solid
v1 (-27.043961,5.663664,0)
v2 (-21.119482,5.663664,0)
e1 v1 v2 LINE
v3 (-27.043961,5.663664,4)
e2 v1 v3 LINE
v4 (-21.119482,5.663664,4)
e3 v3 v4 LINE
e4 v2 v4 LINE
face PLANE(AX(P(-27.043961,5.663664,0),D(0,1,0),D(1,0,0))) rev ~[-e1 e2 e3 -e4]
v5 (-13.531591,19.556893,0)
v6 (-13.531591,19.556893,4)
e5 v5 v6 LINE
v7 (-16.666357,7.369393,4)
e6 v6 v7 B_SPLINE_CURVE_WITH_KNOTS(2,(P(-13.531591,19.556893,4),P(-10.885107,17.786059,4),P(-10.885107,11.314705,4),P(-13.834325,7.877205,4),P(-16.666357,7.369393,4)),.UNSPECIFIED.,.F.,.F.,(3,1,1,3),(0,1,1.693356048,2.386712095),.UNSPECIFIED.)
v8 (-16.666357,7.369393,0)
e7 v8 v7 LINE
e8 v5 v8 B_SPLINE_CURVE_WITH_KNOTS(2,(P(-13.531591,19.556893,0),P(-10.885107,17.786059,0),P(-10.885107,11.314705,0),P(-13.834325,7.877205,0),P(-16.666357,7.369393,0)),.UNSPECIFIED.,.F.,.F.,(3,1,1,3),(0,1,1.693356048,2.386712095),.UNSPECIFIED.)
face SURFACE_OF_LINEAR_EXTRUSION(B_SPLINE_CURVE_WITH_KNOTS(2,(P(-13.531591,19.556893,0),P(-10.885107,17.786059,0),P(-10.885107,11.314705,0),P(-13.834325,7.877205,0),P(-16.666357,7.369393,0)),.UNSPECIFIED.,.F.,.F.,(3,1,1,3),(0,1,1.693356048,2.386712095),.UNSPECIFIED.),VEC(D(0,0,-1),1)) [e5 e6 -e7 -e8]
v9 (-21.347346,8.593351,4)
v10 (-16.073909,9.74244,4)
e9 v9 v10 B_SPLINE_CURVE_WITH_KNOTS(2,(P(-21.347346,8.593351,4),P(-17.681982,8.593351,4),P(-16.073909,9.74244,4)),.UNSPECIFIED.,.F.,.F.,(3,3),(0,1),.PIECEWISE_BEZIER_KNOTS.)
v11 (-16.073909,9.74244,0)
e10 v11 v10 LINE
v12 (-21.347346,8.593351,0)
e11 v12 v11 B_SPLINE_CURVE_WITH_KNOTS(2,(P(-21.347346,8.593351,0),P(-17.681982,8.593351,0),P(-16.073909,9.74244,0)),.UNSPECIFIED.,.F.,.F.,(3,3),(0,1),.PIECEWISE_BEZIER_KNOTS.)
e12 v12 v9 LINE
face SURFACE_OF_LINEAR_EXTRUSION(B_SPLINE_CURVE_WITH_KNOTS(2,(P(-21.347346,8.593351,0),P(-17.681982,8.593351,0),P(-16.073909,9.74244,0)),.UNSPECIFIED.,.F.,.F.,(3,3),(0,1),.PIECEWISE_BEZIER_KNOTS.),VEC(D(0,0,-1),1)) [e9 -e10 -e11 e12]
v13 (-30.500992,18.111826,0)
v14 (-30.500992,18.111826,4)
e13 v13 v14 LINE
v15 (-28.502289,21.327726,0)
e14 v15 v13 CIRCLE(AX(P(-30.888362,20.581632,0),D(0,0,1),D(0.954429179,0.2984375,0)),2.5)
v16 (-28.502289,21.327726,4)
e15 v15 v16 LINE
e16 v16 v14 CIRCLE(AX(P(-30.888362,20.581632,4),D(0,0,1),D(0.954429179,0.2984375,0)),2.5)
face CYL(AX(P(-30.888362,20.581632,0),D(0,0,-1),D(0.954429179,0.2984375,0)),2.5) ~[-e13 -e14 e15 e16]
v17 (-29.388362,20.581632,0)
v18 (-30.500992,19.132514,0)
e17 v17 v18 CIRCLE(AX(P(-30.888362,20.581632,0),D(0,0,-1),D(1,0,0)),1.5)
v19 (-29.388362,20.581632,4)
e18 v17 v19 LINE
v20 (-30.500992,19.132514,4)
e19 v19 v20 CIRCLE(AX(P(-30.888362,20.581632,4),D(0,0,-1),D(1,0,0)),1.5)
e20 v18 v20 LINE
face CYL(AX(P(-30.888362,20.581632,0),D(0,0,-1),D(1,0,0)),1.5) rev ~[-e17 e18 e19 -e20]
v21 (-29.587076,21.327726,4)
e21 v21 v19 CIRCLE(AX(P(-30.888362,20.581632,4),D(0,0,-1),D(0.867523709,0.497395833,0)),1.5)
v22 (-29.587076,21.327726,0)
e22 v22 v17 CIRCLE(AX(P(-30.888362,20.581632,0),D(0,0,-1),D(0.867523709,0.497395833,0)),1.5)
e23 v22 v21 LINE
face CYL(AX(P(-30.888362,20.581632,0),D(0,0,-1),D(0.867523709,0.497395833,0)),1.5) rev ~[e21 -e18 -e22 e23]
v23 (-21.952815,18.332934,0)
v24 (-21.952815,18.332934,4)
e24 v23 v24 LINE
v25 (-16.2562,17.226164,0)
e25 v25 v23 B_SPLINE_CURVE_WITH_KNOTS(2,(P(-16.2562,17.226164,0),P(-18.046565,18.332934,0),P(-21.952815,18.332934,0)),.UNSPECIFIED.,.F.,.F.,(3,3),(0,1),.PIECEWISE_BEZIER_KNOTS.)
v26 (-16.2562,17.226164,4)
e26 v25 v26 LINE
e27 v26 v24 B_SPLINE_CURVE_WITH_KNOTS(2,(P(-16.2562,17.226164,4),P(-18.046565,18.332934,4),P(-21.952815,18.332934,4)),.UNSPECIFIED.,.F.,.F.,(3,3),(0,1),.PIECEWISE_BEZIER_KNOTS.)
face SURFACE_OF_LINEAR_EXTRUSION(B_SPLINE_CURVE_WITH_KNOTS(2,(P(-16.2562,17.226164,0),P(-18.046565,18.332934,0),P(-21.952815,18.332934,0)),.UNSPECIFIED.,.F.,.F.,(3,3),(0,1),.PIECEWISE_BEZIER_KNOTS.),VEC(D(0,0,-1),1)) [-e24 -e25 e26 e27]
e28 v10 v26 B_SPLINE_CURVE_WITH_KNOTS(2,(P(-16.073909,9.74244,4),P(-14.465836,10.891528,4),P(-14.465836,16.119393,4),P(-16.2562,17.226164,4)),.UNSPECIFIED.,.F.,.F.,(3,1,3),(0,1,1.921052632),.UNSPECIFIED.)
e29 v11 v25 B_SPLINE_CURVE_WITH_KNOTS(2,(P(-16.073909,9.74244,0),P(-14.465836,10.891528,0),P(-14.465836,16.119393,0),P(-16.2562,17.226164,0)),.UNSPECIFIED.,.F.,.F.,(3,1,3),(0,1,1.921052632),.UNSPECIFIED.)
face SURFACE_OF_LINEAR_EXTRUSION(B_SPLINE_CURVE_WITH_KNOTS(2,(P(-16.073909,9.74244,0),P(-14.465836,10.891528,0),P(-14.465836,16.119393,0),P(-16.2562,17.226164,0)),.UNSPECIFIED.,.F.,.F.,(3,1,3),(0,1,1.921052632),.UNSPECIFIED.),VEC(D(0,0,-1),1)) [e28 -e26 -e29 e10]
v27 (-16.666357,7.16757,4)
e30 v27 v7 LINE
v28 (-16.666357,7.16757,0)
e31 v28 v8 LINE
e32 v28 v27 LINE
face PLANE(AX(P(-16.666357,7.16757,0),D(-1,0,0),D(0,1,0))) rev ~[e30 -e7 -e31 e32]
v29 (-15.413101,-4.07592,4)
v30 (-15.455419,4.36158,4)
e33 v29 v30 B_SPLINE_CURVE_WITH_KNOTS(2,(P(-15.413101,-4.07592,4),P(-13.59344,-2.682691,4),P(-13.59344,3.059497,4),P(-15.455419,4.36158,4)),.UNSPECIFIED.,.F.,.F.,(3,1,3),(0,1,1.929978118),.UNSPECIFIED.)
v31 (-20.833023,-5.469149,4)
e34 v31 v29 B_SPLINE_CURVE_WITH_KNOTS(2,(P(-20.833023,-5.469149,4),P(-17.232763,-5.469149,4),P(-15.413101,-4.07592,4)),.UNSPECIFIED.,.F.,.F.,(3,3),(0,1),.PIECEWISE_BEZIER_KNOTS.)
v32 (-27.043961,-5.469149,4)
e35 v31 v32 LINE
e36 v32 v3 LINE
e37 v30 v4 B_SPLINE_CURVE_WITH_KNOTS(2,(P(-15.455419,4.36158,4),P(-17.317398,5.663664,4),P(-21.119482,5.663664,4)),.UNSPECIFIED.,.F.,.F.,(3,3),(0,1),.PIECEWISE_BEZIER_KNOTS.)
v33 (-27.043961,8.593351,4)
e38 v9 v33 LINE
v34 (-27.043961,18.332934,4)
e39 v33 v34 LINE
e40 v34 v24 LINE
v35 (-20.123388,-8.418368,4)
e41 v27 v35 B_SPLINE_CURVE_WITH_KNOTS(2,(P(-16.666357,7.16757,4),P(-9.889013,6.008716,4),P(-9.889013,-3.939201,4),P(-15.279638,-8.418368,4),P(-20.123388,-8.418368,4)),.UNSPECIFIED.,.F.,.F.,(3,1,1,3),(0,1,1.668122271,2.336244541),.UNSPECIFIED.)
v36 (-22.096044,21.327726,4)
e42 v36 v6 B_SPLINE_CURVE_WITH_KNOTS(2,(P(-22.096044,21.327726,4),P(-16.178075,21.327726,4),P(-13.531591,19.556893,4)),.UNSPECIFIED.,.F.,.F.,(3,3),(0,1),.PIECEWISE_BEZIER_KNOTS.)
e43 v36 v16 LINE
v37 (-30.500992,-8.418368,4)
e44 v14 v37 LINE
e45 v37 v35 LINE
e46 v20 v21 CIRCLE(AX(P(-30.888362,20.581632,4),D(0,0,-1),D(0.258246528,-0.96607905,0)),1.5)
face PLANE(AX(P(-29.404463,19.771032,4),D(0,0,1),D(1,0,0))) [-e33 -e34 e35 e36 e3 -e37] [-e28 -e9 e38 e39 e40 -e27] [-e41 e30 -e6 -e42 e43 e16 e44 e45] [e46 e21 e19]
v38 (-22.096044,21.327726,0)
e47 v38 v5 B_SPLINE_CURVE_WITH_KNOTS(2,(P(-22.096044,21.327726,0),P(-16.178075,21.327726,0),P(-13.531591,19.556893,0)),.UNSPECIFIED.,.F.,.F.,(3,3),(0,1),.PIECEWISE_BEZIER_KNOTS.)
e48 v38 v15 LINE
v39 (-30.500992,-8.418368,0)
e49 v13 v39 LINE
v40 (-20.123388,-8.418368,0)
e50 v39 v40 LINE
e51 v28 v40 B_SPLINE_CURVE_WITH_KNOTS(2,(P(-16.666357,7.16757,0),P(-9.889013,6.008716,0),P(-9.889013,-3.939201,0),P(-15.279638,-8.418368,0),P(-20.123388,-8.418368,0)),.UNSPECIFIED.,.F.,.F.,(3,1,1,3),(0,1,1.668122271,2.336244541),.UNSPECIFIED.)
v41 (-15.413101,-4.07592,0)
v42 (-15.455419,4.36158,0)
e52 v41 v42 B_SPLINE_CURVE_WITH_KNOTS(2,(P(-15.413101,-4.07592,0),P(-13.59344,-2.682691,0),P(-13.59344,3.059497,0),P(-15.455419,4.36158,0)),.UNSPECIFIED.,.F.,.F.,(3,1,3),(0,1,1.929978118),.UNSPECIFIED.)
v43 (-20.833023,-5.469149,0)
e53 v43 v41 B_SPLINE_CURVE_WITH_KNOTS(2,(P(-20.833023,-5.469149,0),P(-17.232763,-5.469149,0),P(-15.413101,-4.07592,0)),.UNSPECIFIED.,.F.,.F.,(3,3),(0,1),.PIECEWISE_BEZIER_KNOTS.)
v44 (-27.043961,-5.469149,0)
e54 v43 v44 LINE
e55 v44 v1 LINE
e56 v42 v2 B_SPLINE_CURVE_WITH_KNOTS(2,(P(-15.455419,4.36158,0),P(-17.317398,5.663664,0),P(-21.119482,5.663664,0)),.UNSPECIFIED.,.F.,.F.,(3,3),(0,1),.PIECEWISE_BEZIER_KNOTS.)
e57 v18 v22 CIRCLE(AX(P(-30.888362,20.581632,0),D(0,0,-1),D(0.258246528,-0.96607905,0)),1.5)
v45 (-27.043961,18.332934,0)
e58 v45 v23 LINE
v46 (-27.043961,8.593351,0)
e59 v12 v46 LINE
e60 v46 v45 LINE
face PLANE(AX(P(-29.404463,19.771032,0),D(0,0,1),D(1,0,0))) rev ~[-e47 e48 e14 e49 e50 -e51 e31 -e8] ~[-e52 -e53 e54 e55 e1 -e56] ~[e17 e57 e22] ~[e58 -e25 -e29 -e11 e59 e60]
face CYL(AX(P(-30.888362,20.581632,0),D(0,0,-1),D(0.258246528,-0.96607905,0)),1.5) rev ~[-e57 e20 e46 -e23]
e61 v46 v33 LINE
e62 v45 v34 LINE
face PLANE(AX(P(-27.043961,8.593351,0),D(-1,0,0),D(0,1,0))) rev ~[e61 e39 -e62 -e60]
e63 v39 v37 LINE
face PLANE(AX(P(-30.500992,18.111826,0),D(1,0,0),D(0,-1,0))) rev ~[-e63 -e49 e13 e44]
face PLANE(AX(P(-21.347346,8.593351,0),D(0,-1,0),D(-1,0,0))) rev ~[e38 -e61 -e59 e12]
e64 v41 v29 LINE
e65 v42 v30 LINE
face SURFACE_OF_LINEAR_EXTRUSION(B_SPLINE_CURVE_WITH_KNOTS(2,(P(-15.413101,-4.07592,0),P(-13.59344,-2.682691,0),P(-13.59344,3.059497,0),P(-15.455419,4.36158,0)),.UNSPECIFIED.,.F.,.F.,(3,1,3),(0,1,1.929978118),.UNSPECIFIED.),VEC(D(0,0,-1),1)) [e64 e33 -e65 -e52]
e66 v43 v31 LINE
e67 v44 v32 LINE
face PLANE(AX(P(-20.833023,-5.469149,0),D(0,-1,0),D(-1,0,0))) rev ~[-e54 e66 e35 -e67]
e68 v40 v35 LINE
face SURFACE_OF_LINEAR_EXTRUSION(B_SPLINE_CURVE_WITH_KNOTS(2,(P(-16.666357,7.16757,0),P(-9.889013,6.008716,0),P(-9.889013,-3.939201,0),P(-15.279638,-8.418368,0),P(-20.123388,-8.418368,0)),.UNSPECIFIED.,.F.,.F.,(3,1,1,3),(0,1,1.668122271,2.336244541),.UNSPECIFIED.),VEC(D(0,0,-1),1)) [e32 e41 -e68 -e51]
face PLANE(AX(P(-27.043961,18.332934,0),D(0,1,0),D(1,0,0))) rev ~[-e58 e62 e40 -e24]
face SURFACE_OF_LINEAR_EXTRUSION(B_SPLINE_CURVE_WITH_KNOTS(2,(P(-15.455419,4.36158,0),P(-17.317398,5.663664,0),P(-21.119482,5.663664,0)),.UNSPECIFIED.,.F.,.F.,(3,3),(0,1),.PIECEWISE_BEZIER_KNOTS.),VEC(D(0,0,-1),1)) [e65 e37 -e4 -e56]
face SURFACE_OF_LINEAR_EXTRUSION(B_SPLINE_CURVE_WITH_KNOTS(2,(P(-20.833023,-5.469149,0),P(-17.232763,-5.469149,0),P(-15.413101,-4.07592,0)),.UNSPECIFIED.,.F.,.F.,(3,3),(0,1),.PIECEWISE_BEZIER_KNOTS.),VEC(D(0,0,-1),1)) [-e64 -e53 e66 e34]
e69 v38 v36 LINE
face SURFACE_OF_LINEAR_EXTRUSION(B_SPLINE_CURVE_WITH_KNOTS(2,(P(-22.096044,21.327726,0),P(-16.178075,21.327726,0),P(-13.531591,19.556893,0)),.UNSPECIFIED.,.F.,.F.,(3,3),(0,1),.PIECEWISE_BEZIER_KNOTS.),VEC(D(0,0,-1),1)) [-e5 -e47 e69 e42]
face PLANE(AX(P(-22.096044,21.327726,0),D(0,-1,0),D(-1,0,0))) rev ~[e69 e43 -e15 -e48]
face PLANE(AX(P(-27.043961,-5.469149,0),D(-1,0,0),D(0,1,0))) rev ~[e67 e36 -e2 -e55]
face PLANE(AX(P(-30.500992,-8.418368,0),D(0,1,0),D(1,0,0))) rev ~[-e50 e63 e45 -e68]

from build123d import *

# Parameters (mm, degrees)
F1_DEPTH = 4


with BuildPart() as f1:
    # F0 (on Top) → F1 (new body)
    with BuildSketch(Plane.XY):
        with BuildLine():
            ThreePointArc((-29.5870762934, 21.3277260357), (-29.4388915489, 20.9676838727), (-29.3883618563, 20.5816322857))
            ThreePointArc((-29.3883618563, 20.5816322857), (-29.6986024925, 19.6681375368), (-30.5009920647, 19.1325137106))
            Line((-30.5009920647, 19.1325137106), (-30.5009920647, 18.111825685))
            ThreePointArc((-30.5009920647, 18.111825685), (-28.988569173, 18.9565822063), (-28.3883618563, 20.5816322857))
            ThreePointArc((-28.3883618563, 20.5816322857), (-28.4170077365, 20.9590032096), (-28.5022889077, 21.3277260357))
            Line((-28.5022889077, 21.3277260357), (-29.5870762934, 21.3277260357))
        make_face()
        with BuildLine():
            ThreePointArc((-30.5009920647, 19.1325137106), (-32.2731465019, 21.1581489683), (-29.5870762934, 21.3277260357))
            Line((-29.5870762934, 21.3277260357), (-28.5022889077, 21.3277260357))
            ThreePointArc((-28.5022889077, 21.3277260357), (-33.0116847062, 21.9012913611), (-30.5009920647, 18.111825685))
            Line((-30.5009920647, 18.111825685), (-30.5009920647, 19.1325137106))
        make_face()
        with BuildLine():
            Line((-22.096044148, 21.3277260357), (-28.5022889077, 21.3277260357))
            ThreePointArc((-28.5022889077, 21.3277260357), (-28.4170077365, 20.9590032096), (-28.3883618563, 20.5816322857))
            ThreePointArc((-28.3883618563, 20.5816322857), (-28.988569173, 18.9565822063), (-30.5009920647, 18.111825685))
            Line((-30.5009920647, 18.111825685), (-30.5009920647, -8.4183677143))
            Line((-30.5009920647, -8.4183677143), (-20.123387898, -8.4183677143))
            add(Edge.make_bspline(
                [(-12.584325398, -6.178784381), (-15.279637898, -8.4183677143), (-20.123387898, -8.4183677143)],
                knots=[0, 0, 0, 1, 1, 1], degree=2))
            add(Edge.make_bspline(
                [(-9.889012898, 0.0451739523), (-9.889012898, -3.9392010477), (-12.584325398, -6.178784381)],
                knots=[0, 0, 0, 1, 1, 1], degree=2))
            add(Edge.make_bspline(
                [(-16.666356648, 7.1675697857), (-9.889012898, 6.008715619), (-9.889012898, 0.0451739523)],
                knots=[0, 0, 0, 1, 1, 1], degree=2))
            Line((-16.666356648, 7.1675697857), (-16.666356648, 7.3693927023))
            add(Edge.make_bspline(
                [(-12.359716023, 9.5959552023), (-13.834325398, 7.8772052023), (-16.666356648, 7.3693927023)],
                knots=[0, 0, 0, 1, 1, 1], degree=2))
            add(Edge.make_bspline(
                [(-10.885106648, 13.9644447857), (-10.885106648, 11.3147052023), (-12.359716023, 9.5959552023)],
                knots=[0, 0, 0, 1, 1, 1], degree=2))
            add(Edge.make_bspline(
                [(-13.531591023, 19.5568927023), (-10.885106648, 17.786059369), (-10.885106648, 13.9644447857)],
                knots=[0, 0, 0, 1, 1, 1], degree=2))
            add(Edge.make_bspline(
                [(-22.096044148, 21.3277260357), (-16.178075398, 21.3277260357), (-13.531591023, 19.5568927023)],
                knots=[0, 0, 0, 1, 1, 1], degree=2))
        make_face()
        with BuildLine():
            Line((-27.0439608147, -5.4691489643), (-27.0439608147, 5.6636635357))
            Line((-27.0439608147, 5.6636635357), (-21.119481648, 5.6636635357))
            add(Edge.make_bspline(
                [(-15.455419148, 4.3615802023), (-17.3173983147, 5.6636635357), (-21.119481648, 5.6636635357)],
                knots=[0, 0, 0, 1, 1, 1], degree=2))
            add(Edge.make_bspline(
                [(-13.5934399813, 0.2925697857), (-13.5934399813, 3.059496869), (-15.455419148, 4.3615802023)],
                knots=[0, 0, 0, 1, 1, 1], degree=2))
            add(Edge.make_bspline(
                [(-15.4131014397, -4.0759197977), (-13.5934399813, -2.682690631), (-13.5934399813, 0.2925697857)],
                knots=[0, 0, 0, 1, 1, 1], degree=2))
            add(Edge.make_bspline(
                [(-20.8330233147, -5.4691489643), (-17.232762898, -5.4691489643), (-15.4131014397, -4.0759197977)],
                knots=[0, 0, 0, 1, 1, 1], degree=2))
            Line((-20.8330233147, -5.4691489643), (-27.0439608147, -5.4691489643))
        make_face(mode=Mode.SUBTRACT)
        with BuildLine():
            Line((-21.3473462313, 8.5933510357), (-27.0439608147, 8.5933510357))
            Line((-27.0439608147, 8.5933510357), (-27.0439608147, 18.332934369))
            Line((-27.0439608147, 18.332934369), (-21.9528149813, 18.332934369))
            add(Edge.make_bspline(
                [(-16.256200398, 17.2261635357), (-18.0465649813, 18.332934369), (-21.9528149813, 18.332934369)],
                knots=[0, 0, 0, 1, 1, 1], degree=2))
            add(Edge.make_bspline(
                [(-14.4658358147, 13.6128822857), (-14.4658358147, 16.1193927023), (-16.256200398, 17.2261635357)],
                knots=[0, 0, 0, 1, 1, 1], degree=2))
            add(Edge.make_bspline(
                [(-16.0739087313, 9.7424395773), (-14.4658358147, 10.891528119), (-14.4658358147, 13.6128822857)],
                knots=[0, 0, 0, 1, 1, 1], degree=2))
            add(Edge.make_bspline(
                [(-21.3473462313, 8.5933510357), (-17.681981648, 8.5933510357), (-16.0739087313, 9.7424395773)],
                knots=[0, 0, 0, 1, 1, 1], degree=2))
        make_face(mode=Mode.SUBTRACT)
    extrude(amount=F1_DEPTH)


solid = f1.part
